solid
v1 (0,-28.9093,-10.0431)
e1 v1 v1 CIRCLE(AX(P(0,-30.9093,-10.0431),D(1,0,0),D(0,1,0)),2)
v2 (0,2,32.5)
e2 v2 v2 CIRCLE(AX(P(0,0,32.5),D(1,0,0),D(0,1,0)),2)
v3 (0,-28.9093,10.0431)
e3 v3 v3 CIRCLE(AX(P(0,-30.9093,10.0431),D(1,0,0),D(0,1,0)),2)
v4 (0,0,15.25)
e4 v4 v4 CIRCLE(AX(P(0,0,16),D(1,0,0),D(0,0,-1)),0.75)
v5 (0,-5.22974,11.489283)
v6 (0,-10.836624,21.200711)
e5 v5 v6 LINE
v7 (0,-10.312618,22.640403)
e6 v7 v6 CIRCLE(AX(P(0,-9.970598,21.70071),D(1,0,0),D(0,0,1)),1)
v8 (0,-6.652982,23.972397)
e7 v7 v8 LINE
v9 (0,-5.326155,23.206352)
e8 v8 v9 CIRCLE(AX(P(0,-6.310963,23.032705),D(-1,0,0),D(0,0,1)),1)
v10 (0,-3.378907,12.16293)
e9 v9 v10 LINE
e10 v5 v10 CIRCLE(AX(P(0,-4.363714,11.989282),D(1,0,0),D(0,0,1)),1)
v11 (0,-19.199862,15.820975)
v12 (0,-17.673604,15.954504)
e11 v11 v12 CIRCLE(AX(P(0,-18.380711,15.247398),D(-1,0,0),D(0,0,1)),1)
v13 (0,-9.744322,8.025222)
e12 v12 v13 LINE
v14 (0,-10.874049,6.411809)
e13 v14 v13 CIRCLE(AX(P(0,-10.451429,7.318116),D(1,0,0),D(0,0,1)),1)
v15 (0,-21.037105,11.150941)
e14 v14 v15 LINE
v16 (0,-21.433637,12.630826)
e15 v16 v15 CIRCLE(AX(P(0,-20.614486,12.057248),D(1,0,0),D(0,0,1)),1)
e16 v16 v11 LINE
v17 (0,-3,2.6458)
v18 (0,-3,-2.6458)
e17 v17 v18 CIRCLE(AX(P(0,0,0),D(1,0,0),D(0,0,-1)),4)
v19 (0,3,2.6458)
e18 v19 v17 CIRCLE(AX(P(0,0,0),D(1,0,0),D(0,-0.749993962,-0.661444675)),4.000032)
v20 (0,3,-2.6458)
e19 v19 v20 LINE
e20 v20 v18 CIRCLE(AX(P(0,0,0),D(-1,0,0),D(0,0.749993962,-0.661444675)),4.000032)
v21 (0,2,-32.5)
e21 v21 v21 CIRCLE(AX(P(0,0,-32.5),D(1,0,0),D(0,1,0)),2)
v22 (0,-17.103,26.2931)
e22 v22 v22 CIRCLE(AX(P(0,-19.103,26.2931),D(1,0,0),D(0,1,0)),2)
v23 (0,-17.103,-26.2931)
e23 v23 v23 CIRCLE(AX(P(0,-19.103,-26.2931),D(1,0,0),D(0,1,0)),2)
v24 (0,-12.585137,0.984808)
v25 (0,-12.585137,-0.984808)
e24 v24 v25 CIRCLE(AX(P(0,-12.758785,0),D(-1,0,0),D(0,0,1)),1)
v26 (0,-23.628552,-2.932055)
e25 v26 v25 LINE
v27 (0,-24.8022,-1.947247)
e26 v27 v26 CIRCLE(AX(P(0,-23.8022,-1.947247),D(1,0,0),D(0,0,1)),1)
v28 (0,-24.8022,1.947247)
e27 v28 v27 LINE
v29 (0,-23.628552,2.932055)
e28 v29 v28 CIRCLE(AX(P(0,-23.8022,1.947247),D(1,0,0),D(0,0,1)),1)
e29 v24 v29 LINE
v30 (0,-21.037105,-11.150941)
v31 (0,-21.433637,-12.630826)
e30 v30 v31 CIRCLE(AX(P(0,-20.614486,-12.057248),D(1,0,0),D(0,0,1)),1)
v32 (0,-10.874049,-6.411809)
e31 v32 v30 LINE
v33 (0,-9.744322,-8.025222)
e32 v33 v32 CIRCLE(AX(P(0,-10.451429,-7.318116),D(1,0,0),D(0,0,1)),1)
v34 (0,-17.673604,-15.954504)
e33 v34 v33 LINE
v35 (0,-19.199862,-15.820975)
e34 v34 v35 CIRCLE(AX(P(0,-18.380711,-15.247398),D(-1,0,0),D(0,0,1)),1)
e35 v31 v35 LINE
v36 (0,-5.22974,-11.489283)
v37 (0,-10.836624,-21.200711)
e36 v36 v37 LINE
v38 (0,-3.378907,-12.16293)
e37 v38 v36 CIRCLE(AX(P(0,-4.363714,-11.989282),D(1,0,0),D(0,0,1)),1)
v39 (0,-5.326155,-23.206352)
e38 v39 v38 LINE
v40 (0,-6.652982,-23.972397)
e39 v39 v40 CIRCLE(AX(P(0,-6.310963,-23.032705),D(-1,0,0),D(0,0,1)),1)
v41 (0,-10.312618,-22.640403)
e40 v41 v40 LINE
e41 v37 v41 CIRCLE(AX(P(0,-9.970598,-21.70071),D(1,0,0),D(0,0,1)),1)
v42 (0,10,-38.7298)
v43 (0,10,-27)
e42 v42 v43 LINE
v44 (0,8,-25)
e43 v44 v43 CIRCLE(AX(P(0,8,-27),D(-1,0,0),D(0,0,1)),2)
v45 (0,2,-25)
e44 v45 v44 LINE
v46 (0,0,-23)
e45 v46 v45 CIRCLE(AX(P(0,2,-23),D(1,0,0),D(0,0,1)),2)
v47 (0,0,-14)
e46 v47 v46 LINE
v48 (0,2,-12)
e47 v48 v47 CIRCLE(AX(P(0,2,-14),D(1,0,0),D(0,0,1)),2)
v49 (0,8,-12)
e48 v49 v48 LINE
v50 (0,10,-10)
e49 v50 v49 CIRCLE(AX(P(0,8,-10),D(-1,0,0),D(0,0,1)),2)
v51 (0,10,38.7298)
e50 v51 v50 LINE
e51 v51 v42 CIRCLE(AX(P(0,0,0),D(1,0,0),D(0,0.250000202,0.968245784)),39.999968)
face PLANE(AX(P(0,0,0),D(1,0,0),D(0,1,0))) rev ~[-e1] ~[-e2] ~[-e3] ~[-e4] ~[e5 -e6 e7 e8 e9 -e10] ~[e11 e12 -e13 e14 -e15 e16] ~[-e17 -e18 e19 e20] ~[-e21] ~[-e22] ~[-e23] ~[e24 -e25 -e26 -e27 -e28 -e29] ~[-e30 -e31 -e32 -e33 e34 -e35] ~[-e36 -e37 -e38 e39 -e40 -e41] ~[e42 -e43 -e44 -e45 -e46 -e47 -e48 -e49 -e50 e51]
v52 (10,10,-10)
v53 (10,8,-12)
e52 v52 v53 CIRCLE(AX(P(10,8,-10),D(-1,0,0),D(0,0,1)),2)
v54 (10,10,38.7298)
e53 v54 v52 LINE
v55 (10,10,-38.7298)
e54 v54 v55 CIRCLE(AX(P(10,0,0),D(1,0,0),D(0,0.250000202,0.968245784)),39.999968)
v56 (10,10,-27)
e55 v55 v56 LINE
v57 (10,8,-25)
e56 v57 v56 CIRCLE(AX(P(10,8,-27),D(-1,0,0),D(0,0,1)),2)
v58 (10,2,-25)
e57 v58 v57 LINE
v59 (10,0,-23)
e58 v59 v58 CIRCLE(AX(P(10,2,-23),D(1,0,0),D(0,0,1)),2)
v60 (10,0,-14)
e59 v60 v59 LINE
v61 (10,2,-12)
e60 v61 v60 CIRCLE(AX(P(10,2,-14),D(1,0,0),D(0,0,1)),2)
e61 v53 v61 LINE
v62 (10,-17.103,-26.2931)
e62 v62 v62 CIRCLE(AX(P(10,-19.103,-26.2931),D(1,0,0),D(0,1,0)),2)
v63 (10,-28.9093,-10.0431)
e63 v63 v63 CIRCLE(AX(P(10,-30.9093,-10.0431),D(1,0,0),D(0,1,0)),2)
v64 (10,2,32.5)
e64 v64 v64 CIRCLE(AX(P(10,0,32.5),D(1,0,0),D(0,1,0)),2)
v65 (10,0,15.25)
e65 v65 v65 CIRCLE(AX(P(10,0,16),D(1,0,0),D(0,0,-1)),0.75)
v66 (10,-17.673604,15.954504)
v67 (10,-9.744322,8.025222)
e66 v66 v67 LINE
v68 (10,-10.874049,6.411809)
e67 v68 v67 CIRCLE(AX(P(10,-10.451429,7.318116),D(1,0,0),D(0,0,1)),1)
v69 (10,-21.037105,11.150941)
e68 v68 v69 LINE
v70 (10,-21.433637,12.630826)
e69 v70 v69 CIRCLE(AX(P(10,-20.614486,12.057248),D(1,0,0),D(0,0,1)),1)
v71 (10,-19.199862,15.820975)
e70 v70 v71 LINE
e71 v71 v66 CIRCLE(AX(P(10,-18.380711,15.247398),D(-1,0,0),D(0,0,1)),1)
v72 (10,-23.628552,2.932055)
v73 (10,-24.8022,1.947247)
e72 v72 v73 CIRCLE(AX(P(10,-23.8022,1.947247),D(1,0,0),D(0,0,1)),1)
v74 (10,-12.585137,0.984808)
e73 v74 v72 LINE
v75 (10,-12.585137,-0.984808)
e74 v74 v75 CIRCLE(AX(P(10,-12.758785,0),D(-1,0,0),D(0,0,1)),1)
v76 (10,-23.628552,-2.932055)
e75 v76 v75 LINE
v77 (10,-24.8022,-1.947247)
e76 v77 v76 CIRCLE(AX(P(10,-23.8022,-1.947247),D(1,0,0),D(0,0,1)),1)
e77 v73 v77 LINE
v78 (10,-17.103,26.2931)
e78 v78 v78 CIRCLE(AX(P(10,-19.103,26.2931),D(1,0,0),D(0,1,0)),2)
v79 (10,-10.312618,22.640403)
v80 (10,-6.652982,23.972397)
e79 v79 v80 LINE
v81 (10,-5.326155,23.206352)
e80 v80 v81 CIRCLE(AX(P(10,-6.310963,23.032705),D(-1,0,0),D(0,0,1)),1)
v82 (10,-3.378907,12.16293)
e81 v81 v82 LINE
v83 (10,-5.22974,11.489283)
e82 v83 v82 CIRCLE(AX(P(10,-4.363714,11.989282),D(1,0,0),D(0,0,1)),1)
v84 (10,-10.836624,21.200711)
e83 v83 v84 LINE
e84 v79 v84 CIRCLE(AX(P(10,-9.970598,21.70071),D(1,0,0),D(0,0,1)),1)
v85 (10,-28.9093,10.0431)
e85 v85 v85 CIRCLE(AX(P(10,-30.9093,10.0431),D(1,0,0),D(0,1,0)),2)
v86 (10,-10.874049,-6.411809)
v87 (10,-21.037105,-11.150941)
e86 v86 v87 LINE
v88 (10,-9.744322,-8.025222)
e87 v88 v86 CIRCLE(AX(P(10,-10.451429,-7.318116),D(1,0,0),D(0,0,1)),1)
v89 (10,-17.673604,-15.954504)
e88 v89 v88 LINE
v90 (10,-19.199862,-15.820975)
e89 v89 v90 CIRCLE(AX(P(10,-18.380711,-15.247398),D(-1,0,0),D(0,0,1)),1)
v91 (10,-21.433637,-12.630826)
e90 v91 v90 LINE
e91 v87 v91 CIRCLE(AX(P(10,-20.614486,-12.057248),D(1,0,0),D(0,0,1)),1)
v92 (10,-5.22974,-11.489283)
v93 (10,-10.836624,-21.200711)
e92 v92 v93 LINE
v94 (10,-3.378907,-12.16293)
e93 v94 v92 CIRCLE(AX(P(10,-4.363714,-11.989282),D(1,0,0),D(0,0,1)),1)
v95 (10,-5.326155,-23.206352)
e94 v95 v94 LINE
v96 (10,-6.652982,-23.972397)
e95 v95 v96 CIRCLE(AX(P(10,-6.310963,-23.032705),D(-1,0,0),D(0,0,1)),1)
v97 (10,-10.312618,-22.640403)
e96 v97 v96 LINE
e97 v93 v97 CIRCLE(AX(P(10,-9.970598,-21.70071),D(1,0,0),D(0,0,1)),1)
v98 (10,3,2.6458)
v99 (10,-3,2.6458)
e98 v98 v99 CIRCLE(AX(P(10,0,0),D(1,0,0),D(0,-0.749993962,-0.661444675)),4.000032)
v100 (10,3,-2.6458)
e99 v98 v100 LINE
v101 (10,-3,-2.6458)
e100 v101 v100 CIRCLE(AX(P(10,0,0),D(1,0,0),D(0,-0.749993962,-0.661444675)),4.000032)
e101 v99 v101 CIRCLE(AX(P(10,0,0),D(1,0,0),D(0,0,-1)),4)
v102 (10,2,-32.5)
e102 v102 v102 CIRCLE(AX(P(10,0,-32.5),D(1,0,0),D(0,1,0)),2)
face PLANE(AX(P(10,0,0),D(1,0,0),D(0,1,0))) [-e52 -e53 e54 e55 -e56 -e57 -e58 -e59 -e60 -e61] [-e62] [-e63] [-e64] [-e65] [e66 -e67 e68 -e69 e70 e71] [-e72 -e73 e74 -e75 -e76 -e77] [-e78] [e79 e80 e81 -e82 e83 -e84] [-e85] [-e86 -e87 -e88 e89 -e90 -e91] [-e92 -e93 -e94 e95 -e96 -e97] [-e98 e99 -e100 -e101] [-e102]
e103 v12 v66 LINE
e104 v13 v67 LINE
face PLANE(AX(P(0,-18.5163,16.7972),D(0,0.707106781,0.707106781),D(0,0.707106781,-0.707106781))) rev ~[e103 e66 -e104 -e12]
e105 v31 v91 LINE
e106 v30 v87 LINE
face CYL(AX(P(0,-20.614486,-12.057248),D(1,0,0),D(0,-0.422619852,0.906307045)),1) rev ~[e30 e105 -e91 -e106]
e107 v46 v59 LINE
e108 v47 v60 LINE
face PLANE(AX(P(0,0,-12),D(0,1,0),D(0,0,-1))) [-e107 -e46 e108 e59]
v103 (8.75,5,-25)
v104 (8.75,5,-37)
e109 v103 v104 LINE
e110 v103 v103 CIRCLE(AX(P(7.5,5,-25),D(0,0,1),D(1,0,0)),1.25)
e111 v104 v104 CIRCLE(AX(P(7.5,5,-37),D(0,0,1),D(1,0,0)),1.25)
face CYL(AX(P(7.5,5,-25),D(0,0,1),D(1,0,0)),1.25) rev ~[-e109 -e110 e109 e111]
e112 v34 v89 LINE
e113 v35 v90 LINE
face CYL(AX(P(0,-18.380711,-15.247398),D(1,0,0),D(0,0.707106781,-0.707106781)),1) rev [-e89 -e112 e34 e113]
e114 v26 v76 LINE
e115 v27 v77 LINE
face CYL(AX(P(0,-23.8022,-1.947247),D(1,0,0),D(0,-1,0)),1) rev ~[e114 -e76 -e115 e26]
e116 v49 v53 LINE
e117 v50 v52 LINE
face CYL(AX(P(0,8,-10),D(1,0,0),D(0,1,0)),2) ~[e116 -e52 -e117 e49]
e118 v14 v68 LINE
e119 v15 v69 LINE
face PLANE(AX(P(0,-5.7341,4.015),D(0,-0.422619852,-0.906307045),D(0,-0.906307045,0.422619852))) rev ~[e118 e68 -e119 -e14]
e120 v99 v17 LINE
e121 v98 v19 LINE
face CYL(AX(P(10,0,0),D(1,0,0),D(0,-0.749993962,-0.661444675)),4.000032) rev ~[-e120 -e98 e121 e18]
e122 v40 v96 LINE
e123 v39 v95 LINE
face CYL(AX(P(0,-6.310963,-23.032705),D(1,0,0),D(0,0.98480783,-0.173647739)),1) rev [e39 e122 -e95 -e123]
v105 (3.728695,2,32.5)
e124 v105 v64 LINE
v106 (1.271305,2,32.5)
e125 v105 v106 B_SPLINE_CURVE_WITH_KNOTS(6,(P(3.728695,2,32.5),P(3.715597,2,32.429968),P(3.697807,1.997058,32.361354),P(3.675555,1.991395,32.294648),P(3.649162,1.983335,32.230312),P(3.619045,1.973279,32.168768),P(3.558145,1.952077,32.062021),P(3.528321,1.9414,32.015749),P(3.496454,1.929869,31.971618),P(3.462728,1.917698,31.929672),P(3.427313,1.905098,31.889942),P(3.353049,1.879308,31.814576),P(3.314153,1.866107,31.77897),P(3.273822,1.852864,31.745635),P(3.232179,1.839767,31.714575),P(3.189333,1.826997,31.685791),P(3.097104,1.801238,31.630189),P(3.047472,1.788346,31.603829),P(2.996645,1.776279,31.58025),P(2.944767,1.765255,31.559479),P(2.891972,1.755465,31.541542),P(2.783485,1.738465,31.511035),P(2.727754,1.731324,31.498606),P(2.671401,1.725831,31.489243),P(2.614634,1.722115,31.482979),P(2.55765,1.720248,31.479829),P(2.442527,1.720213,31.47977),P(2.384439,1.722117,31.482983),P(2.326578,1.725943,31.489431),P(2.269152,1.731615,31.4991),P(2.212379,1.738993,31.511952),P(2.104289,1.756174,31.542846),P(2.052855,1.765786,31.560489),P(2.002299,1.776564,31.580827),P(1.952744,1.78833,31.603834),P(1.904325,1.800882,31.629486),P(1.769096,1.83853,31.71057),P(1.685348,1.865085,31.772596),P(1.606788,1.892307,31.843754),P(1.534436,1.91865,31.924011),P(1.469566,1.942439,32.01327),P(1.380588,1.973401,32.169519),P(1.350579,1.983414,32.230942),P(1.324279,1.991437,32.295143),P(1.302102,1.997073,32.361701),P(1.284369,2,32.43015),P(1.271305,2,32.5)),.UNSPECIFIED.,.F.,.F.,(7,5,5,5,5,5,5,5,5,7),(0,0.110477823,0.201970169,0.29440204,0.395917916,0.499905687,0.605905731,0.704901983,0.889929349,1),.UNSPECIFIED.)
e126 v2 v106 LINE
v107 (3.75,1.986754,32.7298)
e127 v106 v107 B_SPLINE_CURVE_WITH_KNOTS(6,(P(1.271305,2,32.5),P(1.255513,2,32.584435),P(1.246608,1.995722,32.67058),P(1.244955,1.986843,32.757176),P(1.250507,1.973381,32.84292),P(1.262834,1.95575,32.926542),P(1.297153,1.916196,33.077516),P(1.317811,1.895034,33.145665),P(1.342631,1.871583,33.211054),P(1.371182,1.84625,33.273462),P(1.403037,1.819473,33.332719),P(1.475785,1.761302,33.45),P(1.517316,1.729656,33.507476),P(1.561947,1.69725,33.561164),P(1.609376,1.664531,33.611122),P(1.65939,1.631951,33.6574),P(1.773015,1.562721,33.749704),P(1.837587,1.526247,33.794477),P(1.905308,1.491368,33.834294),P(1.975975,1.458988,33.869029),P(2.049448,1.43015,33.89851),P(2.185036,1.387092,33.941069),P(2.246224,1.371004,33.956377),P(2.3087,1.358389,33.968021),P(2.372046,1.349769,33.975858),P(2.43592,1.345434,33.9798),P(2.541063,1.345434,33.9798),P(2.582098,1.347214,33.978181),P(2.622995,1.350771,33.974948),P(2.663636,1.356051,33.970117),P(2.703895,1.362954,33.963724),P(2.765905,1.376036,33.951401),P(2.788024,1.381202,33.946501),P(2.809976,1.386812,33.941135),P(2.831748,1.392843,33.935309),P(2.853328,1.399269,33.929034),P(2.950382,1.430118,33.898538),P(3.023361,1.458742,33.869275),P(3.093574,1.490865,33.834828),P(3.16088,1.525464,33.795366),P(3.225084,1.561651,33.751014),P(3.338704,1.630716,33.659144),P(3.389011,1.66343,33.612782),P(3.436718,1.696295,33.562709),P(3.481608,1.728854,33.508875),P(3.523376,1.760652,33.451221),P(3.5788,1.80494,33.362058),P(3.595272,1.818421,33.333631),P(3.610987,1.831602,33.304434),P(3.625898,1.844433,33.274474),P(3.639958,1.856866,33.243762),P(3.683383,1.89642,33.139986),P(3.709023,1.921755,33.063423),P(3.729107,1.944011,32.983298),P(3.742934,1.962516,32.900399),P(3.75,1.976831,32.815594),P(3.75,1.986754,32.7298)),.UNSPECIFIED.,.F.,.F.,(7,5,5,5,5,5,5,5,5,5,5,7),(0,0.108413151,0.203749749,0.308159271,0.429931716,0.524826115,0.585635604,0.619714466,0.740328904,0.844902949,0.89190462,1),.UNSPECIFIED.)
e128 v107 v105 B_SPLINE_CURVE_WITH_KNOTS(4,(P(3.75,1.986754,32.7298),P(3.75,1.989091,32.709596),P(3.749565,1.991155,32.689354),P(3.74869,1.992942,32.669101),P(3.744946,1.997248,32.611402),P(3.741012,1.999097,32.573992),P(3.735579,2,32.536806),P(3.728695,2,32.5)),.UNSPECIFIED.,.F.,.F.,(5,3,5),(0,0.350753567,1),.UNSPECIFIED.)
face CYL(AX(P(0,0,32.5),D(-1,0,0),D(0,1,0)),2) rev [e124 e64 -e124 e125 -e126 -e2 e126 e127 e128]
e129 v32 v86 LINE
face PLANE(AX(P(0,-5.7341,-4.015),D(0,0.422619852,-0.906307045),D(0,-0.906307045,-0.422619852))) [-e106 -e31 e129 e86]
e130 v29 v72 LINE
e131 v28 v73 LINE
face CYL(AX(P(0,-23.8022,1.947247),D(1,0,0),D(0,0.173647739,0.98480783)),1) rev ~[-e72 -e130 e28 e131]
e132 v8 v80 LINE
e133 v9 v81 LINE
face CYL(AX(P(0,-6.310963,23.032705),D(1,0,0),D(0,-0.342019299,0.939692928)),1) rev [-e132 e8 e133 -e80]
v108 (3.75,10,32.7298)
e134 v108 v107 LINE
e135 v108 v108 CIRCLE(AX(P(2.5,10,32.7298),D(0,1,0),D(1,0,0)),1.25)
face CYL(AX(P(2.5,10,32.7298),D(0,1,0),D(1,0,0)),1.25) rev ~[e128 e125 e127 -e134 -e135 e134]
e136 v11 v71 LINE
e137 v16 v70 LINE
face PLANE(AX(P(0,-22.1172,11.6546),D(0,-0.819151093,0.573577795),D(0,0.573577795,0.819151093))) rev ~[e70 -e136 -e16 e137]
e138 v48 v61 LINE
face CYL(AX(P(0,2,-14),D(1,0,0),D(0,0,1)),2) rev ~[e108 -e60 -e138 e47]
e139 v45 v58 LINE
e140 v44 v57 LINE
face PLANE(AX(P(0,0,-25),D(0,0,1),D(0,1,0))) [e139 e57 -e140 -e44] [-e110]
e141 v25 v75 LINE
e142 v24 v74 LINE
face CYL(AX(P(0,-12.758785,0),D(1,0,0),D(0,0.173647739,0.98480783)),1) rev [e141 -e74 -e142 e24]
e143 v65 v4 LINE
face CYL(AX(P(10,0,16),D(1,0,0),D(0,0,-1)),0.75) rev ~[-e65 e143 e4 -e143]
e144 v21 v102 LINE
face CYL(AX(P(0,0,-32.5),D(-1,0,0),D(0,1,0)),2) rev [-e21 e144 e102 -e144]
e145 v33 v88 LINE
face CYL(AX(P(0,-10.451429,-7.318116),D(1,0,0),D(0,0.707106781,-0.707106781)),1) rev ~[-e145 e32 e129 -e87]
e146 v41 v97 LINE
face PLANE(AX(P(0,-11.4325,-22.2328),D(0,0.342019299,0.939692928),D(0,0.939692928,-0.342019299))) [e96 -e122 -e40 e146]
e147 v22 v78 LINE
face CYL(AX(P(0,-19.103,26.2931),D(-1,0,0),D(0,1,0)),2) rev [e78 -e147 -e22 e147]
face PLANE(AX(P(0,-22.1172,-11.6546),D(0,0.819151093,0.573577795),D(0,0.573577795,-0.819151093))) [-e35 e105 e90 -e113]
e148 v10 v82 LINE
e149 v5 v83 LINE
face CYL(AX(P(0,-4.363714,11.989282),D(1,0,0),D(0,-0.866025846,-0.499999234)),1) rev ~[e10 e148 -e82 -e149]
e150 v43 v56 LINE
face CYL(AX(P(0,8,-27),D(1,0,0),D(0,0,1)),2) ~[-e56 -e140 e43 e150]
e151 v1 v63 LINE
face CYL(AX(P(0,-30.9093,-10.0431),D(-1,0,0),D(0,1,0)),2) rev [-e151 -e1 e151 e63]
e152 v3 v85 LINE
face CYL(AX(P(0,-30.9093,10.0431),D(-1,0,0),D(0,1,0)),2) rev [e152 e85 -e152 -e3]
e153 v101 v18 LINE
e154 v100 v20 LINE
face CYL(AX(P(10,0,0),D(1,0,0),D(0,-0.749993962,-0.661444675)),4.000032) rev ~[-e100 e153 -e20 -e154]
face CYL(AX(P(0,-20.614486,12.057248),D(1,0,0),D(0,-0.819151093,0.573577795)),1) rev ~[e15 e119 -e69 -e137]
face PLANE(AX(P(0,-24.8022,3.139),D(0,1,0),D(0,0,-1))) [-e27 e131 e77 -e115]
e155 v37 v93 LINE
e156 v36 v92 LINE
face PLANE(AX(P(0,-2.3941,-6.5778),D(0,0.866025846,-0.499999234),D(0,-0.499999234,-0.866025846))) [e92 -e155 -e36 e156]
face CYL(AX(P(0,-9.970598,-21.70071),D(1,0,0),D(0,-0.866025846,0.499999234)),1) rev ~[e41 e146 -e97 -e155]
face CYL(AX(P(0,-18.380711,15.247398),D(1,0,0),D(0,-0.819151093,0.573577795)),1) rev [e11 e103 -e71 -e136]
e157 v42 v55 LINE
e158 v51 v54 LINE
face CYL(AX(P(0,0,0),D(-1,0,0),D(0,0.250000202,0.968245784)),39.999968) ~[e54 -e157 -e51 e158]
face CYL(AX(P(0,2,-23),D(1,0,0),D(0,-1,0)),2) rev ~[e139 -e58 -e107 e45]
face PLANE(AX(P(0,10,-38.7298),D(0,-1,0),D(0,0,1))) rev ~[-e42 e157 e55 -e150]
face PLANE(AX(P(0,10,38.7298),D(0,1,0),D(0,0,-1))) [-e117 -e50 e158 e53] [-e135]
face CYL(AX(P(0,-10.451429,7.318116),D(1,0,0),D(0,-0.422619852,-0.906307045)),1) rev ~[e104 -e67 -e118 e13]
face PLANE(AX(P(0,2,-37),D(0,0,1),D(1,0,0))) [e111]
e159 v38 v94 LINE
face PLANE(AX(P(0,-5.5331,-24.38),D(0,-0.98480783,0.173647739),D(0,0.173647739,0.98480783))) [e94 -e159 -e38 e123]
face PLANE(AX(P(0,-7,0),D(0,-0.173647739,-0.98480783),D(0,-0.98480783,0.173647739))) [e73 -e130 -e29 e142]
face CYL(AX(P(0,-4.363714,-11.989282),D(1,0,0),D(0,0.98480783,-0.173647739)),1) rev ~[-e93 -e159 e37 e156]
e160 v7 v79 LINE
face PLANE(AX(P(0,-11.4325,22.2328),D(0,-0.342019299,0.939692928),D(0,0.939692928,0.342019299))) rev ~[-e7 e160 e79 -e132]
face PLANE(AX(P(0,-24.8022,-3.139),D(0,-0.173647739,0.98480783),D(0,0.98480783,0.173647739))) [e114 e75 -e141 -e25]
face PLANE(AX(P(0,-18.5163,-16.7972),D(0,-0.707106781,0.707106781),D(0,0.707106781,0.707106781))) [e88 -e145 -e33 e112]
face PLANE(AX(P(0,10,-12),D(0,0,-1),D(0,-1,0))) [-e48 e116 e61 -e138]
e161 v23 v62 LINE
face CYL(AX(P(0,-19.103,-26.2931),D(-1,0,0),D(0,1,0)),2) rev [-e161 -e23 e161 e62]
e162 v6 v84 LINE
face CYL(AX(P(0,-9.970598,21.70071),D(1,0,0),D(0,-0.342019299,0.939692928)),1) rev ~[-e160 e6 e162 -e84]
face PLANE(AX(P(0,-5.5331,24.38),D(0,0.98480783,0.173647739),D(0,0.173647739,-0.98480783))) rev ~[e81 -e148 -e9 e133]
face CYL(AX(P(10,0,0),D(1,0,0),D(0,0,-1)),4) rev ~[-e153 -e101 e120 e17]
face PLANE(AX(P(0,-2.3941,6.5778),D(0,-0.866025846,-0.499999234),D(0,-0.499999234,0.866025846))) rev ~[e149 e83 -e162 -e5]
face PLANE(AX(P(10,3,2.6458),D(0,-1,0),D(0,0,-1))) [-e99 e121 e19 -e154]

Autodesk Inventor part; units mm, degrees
ref_plane "YZ Plane" through (0, 0, 0) normal (1, 0, 0) x (0, 1, 0)
ref_plane "XZ Plane" through (0, 0, 0) normal (0, 1, 0) x (-1, 0, 0)
ref_plane "XY Plane" through (0, 0, 0) normal (0, 0, 1) x (1, 0, 0)
sketch "Skizze1" plane through (0, 0, 0) normal (1, 0, 0) x (0, 1, 0)
  arc A0 (10, 38.7298) -> (10, -38.7298) centre (0, 0) ccw
  line L0 (10, 38.7298) -> (10, -12)
  line L1 (10, -38.7298) -> (10, -25)
  line L2 (10, -12) -> (0, -12)
  line L3 (0, -12) -> (0, -25)
  line L4 (0, -25) -> (10, -25)
  circle A1 centre (0, 32.5) radius 2
  circle A2 centre (-19.103, 26.2931) radius 2
  circle A3 centre (-30.9093, 10.0431) radius 2
  circle A4 centre (-30.9093, -10.0431) radius 2
  circle A5 centre (-19.103, -26.2931) radius 2
  circle A6 centre (0, -32.5) radius 2
  circle A7 centre (0, 0) radius 1.25
  line L5 (-7, 0) -> (-24.8022, 3.139)
  line L6 (-24.8022, 3.139) -> (-24.8022, -3.139)
  line L7 (-24.8022, -3.139) -> (-7, 0)
  line L8 (-54.5, 0) -> (47, 0) construction
  line L9 (-18.5163, -16.7972) -> (-5.7341, -4.015)
  line L10 (-5.7341, -4.015) -> (-22.1172, -11.6546)
  line L11 (-22.1172, -11.6546) -> (-18.5163, -16.7972)
  line L12 (-5.5331, -24.38) -> (-2.3941, -6.5778)
  line L13 (-2.3941, -6.5778) -> (-11.4325, -22.2328)
  line L14 (-11.4325, -22.2328) -> (-5.5331, -24.38)
  line L15 (-18.5163, 16.7972) -> (-5.7341, 4.015)
  line L16 (-5.7341, 4.015) -> (-22.1172, 11.6546)
  line L17 (-22.1172, 11.6546) -> (-18.5163, 16.7972)
  line L18 (-5.5331, 24.38) -> (-2.3941, 6.5778)
  line L19 (-2.3941, 6.5778) -> (-11.4325, 22.2328)
  line L20 (-11.4325, 22.2328) -> (-5.5331, 24.38)
  circle A8 centre (0, 0) radius 25 construction
  circle A9 centre (0, 0) radius 32.5 construction
  point P0 (-24.8022, 0)
  dimension "d50" = 65
  dimension "d0" = 80
  dimension "d3" = 10
  dimension "d4" = 10
  dimension "d5" = 10
  dimension "d7" = 0
  dimension "d8" = 4
  dimension "d11" = 180
  dimension "d13" = 2.5
  dimension "d19" = 20
  dimension "d22" = 0
  dimension "d23" = 7
  dimension "d26" = 70
  dimension "d49" = 50
  dimension "d51" = 12
extrude "Extrusion1" add sketch "Skizze1" along normal blind 10
fillet "Rundung1" radius 1 15 edges at (5, -5.5331, -24.38) (5, -11.4325, -22.2328) (5, -18.5163, -16.7972) (5, -22.1172, -11.6546) (5, -24.8022, -3.139) (5, -24.8022, 3.139) (5, -18.5163, 16.7972) (5, -22.1172, 11.6546) (5, -11.4325, 22.2328) (5, -5.5331, 24.38) (5, -2.3941, 6.5778) (5, -5.7341, 4.015) (5, -7, 0) (5, -5.7341, -4.015) (5, -2.3941, -6.5778)
fillet "Rundung2" radius 2 4 edges at (5, 10, -12) (5, 0, -12) (5, 0, -25) (5, 10, -25)
sketch "Skizze2" plane through (10, 0, 0) normal (1, 0, 0) x (0, 0, -1)
  circle A0 centre (-16, 0) radius 0.75
  point P0 (0, 0)
  dimension "d30" = 1.5
  dimension "d31" = 16
extrude "Extrusion2" cut sketch "Skizze2" against normal blind 10
sketch "Skizze3" plane through (0, 2, -25) normal (0, 0, 1) x (1, 0, 0)
  circle A0 centre (7.5, 3) radius 1.25
  line L0 (10, 6) -> (10, 0) projected
  line L1 (0, 6) -> (10, 6) projected
  point P0 (0, -2)
  point P1 (10, 0.8802)
  dimension "d35" = 2.5
  dimension "d36" = 2.5
  dimension "d37" = 3
extrude "Extrusion3" cut sketch "Skizze3" against normal blind 12
sketch "Skizze4" plane through (0, 10, 38.7298) normal (0, 1, 0) x (1, 0, 0)
  circle A0 centre (2.5, 6) radius 1.25
  line L0 (0, 48.7298) -> (0, 0) projected
  line L1 (0, 0) -> (10, 0) projected
  point P0 (0, 38.7298)
  dimension "d40" = 2.5
  dimension "d41" = 2.5
  dimension "d42" = 6
extrude "Extrusion4" cut sketch "Skizze4" against normal blind 10
sketch "Skizze5" plane through (10, 0, 0) normal (1, 0, 0) x (0, 0, -1)
  circle A0 centre (0, 0) radius 1.25 projected
  arc A1 (2.6458, -3) -> (-2.6458, -3) centre (0, 0) ccw
  line L0 (-2.6458, -3) -> (2.6458, -3)
  circle A2 centre (0, 0) radius 4
  line L1 (-2.6458, 3) -> (2.6458, 3)
  line L2 (0, 0) -> (0, 3) construction
  point P0 (-2.6458, -3)
  dimension "CapstonV2_ShaftDia" = 8
  dimension "Poligonprofil_Ausnehmung" = 1
  dimension "d52" = 1
extrude "Extrusion5" cut sketch "Skizze5" against normal blind 10 contours L0 A1 L1 | A2 L0
equation "\"d50\" = 0.5 * d0 + 0.5 * d49"
properties part number "Capstondisc_v2"
